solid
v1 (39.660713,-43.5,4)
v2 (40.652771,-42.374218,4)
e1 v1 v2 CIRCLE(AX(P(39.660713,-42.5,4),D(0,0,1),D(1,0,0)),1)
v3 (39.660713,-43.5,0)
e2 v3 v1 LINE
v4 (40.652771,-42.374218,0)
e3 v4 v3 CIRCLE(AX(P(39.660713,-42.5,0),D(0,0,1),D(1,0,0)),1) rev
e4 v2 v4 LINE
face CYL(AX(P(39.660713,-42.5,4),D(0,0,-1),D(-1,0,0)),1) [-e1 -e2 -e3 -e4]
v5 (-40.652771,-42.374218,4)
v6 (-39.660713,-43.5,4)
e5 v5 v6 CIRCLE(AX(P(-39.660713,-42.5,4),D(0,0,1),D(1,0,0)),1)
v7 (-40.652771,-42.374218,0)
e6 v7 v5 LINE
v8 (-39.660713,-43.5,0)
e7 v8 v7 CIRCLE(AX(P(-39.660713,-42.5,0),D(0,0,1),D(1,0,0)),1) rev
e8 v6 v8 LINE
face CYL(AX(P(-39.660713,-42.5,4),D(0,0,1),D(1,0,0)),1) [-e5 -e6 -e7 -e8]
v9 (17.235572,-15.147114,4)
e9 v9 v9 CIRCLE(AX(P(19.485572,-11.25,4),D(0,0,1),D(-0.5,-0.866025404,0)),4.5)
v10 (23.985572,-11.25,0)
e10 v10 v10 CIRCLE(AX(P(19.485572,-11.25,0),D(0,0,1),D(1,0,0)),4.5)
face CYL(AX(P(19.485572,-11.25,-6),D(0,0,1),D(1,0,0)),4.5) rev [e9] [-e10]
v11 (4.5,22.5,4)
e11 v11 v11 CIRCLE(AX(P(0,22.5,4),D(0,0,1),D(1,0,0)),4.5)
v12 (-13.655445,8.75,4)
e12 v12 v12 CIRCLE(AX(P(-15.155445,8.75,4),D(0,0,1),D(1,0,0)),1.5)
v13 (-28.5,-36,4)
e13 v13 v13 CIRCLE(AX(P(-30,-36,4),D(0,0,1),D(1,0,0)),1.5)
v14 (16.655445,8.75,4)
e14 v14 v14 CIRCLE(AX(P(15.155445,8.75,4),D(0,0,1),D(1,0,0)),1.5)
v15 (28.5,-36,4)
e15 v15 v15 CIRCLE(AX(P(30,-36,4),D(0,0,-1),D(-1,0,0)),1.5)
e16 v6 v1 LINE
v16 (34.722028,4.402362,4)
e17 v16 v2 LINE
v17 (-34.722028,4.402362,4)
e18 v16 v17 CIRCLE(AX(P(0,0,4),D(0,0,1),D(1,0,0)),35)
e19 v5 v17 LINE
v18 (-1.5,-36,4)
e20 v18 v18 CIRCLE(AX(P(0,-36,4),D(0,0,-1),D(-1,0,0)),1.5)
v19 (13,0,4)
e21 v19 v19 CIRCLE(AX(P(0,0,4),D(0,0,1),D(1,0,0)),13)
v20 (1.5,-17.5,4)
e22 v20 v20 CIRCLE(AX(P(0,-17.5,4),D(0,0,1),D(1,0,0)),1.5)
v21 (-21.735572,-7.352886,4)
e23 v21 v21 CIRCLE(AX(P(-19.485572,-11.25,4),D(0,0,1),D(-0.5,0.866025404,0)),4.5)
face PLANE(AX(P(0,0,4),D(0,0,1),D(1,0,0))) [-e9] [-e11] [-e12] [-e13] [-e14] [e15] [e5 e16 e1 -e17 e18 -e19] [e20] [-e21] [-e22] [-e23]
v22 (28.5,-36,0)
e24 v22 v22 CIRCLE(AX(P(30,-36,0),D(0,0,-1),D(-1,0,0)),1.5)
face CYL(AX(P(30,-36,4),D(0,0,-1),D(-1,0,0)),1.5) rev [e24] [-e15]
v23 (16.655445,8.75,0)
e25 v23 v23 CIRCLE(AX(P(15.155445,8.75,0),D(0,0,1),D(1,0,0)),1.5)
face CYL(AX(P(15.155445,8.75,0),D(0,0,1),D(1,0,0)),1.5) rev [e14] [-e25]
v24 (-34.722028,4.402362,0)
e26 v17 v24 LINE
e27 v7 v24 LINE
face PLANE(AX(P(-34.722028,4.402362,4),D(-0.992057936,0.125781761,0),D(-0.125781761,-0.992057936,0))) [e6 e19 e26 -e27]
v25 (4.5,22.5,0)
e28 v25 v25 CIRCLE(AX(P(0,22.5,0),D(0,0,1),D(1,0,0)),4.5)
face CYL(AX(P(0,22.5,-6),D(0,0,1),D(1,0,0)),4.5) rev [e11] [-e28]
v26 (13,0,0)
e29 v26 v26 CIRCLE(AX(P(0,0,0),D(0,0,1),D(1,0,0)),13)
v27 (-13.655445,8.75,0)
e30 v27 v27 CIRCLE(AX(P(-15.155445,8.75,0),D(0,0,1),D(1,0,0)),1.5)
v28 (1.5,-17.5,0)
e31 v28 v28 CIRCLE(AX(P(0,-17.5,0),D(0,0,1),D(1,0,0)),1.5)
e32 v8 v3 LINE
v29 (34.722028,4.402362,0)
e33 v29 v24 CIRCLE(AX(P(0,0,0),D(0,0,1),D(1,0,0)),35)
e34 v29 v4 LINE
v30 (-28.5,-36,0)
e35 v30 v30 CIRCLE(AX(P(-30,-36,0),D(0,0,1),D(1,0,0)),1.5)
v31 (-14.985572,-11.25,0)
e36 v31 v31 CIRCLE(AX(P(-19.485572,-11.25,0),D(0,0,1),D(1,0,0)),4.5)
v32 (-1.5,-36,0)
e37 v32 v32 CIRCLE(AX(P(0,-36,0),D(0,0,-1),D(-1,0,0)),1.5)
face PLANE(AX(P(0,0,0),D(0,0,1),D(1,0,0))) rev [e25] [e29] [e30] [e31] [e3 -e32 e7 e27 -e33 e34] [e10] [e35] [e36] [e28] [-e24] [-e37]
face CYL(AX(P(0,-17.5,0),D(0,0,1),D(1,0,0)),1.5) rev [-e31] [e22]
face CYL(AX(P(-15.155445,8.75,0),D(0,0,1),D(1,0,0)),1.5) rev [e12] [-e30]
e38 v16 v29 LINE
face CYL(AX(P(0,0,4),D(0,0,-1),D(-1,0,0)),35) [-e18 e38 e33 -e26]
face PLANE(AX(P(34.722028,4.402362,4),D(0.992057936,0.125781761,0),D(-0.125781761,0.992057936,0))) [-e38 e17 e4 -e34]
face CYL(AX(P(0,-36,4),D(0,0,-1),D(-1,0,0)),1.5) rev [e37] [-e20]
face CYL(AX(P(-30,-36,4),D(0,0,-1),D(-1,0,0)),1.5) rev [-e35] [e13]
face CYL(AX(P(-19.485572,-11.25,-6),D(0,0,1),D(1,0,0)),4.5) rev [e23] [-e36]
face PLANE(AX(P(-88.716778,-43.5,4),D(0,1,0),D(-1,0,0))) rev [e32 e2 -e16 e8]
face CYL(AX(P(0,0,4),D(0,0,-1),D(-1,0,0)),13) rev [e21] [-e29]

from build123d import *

# Parameters (mm, degrees)
SKETCH_1_R               = 13
EXTRUDE_1_DEPTH          = 4
SKETCH_2_W               = 84
SKETCH_2_H               = 62
EXTRUDE_2_DEPTH          = 4
SKETCH_3_R               = 4.5
CUT_EXTRUDE_1_DEPTH      = 10
SKETCH_4_R               = 1.5
CUT_EXTRUDE_2_DEPTH      = 123.494897853
SKETCH_8_W               = 18
SKETCH_8_H               = 44
EXTRUDE_4_DEPTH          = 4
SKETCH_9_W               = 64
SKETCH_9_H               = 22
CUT_EXTRUDE_6_DEPTH      = 130.772878522
SKETCH_10_R              = 1.5
CUT_EXTRUDE_7_DEPTH      = 130.772878522
SKETCH_11_R              = 1.5
CUT_EXTRUDE_8_DEPTH      = 130.772878522
SKETCH_12_R              = 1.5
CUT_EXTRUDE_9_DEPTH      = 130.772878522
FILLET_1_R               = 3
SKETCH_13_W              = 20
SKETCH_13_H              = 18
CUT_EXTRUDE_10_DEPTH     = 130.772878522
FILLET_2_R               = 3
PATTERN_CIRCULAR_1_COUNT = 3
SKETCH_15_W              = 125.49724571
SKETCH_15_H              = 54.116042209
CUT_EXTRUDE_11_DEPTH     = 130.772878522
FILLET_3_R               = 3
SKETCH_16_R              = 1.5
CUT_EXTRUDE_12_DEPTH     = 97.13012015
SKETCH_17_W              = 168.959633348
SKETCH_17_H              = 62.358711946
CUT_EXTRUDE_13_DEPTH     = 97.13012015
FILLET_4_R               = 1


with BuildPart() as part:
    # 草图1 → 凸台-拉伸1 (new body)
    with BuildSketch(Plane.XY):
        with BuildLine():
            ThreePointArc((34.722027765, 4.402361625), (0, 35), (-34.722027765, 4.402361625))
            Line((-34.722027765, 4.402361625), (-42, -53))
            Line((-42, -53), (42, -53))
            Line((42, -53), (34.722027765, 4.402361625))
        make_face()
        Circle(SKETCH_1_R, mode=Mode.SUBTRACT)
    extrude(amount=EXTRUDE_1_DEPTH)

    # 草图2 → 凸台-拉伸2 (add)
    with BuildSketch(Plane.XY.offset(4)):
        with Locations((0, -84)):
            Rectangle(SKETCH_2_W, SKETCH_2_H)
    extrude(amount=-EXTRUDE_2_DEPTH)

    # 草图3 → 切除-拉伸1 (cut)
    with BuildSketch(Plane.XY.offset(4)):
        with Locations((0, 22.5)):
            Circle(SKETCH_3_R)
    cut_extrude_1 = extrude(amount=-CUT_EXTRUDE_1_DEPTH, mode=Mode.SUBTRACT)

    # 草图4 → 切除-拉伸2 (cut, through all)
    with BuildSketch(Plane.XY.offset(4)):
        with Locations((15.155444566, 8.75)):
            Circle(SKETCH_4_R)
        with Locations((0, -17.5)):
            Circle(SKETCH_4_R)
        with Locations((-15.155444566, 8.75)):
            Circle(SKETCH_4_R)
    extrude(amount=-CUT_EXTRUDE_2_DEPTH, mode=Mode.SUBTRACT)

    # 草图8 → 凸台-拉伸4 (add)
    with BuildSketch(Plane.XY.offset(4)):
        with Locations((-51, -75)):
            Rectangle(SKETCH_8_W, SKETCH_8_H)
    extrude_4 = extrude(amount=-EXTRUDE_4_DEPTH)

    # 镜向3: 凸台-拉伸4 across plane
    add(extrude_4.mirror(Plane(origin=(0, 0, 0), x_dir=(0, 0, 1), z_dir=(1, 0, 0))))

    # 草图9 → 切除-拉伸6 (cut, through all)
    with BuildSketch(Plane(origin=(0, 0, 0), x_dir=(-1, 0, 0), z_dir=(0, 0, -1))):
        with Locations((0, -76)):
            Rectangle(SKETCH_9_W, SKETCH_9_H)
    extrude(amount=-CUT_EXTRUDE_6_DEPTH, mode=Mode.SUBTRACT)

    # 草图10 → 切除-拉伸7 (cut, through all)
    with BuildSketch(Plane(origin=(0, 0, 0), x_dir=(-1, 0, 0), z_dir=(0, 0, -1))):
        with Locations((0, -107.5)):
            Circle(SKETCH_10_R)
        with Locations((24, -107.5)):
            Circle(SKETCH_10_R)
    cut_extrude_7 = extrude(amount=-CUT_EXTRUDE_7_DEPTH, mode=Mode.SUBTRACT)

    # 镜向4: 切除-拉伸7 across plane
    add(cut_extrude_7.mirror(Plane(origin=(0, 0, 0), x_dir=(0, 0, 1), z_dir=(1, 0, 0))), mode=Mode.SUBTRACT)

    # 草图11 → 切除-拉伸8 (cut, through all)
    with BuildSketch(Plane(origin=(0, 0, 0), x_dir=(-1, 0, 0), z_dir=(0, 0, -1))):
        with Locations((-52.5, -67.5)):
            Circle(SKETCH_11_R)
        with Locations((-52.5, -90)):
            Circle(SKETCH_11_R)
    cut_extrude_8 = extrude(amount=-CUT_EXTRUDE_8_DEPTH, mode=Mode.SUBTRACT)

    # 镜向5: 切除-拉伸8 across plane
    add(cut_extrude_8.mirror(Plane(origin=(0, 0, 0), x_dir=(0, 0, 1), z_dir=(1, 0, 0))), mode=Mode.SUBTRACT)

    # 草图12 → 切除-拉伸9 (cut, through all)
    with BuildSketch(Plane(origin=(0, 0, 0), x_dir=(-1, 0, 0), z_dir=(0, 0, -1))):
        with Locations((-30, -36)):
            Circle(SKETCH_12_R)
    cut_extrude_9 = extrude(amount=-CUT_EXTRUDE_9_DEPTH, mode=Mode.SUBTRACT)

    # 镜向6: 切除-拉伸9 across plane
    add(cut_extrude_9.mirror(Plane(origin=(0, 0, 0), x_dir=(0, 0, 1), z_dir=(1, 0, 0))), mode=Mode.SUBTRACT)

    # 圆角1
    fillet_1_edges = [part.edges().sort_by_distance(p)[0] for p in [
        (42, -53, 2),
        (-42, -53, 2),
        (-42, -97, 2),
        (42, -97, 2),
        (-32, -65, 2),
        (-32, -87, 2),
        (32, -87, 2),
        (32, -65, 2),
    ]]
    fillet(fillet_1_edges, radius=FILLET_1_R)

    # 草图13 → 切除-拉伸10 (cut, through all)
    with BuildSketch(Plane(origin=(0, 0, 0), x_dir=(-1, 0, 0), z_dir=(0, 0, -1))):
        with Locations((50, -106)):
            Rectangle(SKETCH_13_W, SKETCH_13_H)
    cut_extrude_10 = extrude(amount=-CUT_EXTRUDE_10_DEPTH, mode=Mode.SUBTRACT)

    # 镜向7: 切除-拉伸10 across plane
    add(cut_extrude_10.mirror(Plane(origin=(0, 0, 0), x_dir=(0, 0, 1), z_dir=(1, 0, 0))), mode=Mode.SUBTRACT)

    # 圆角2
    fillet_2_edges = [part.edges().sort_by_distance(p)[0] for p in [
        (-40, -97, 2),
        (40, -97, 2),
    ]]
    fillet(fillet_2_edges, radius=FILLET_2_R)

    # 阵列(圆周)1: 切除-拉伸1 ×3 about axis
    pattern_circular_1_axis = Axis((0, 0, 0), (0, 0, 1))
    for i in range(1, PATTERN_CIRCULAR_1_COUNT):
        add(cut_extrude_1.rotate(pattern_circular_1_axis, i * 360 / PATTERN_CIRCULAR_1_COUNT), mode=Mode.SUBTRACT)

    # 草图15 → 切除-拉伸11 (cut, through all)
    with BuildSketch(Plane.XY.offset(4)):
        with Locations((2.748622855, -102.058021104)):
            Rectangle(SKETCH_15_W, SKETCH_15_H)
    extrude(amount=-CUT_EXTRUDE_11_DEPTH, mode=Mode.SUBTRACT)

    # 圆角3
    fillet_3_edges = [part.edges().sort_by_distance(p)[0] for p in [
        (32, -75, 2),
        (-32, -75, 2),
    ]]
    fillet(fillet_3_edges, radius=FILLET_3_R)

    # 草图16 → 切除-拉伸12 (cut, through all)
    with BuildSketch(Plane(origin=(0, 0, 0), x_dir=(-1, 0, 0), z_dir=(0, 0, -1))):
        with Locations((0, -36)):
            Circle(SKETCH_16_R)
    extrude(amount=-CUT_EXTRUDE_12_DEPTH, mode=Mode.SUBTRACT)

    # 草图17 → 切除-拉伸13 (cut, through all)
    with BuildSketch(Plane(origin=(0, 0, 0), x_dir=(-1, 0, 0), z_dir=(0, 0, -1))):
        with Locations((4.236961123, -74.679355973)):
            Rectangle(SKETCH_17_W, SKETCH_17_H)
    extrude(amount=-CUT_EXTRUDE_13_DEPTH, mode=Mode.SUBTRACT)

    # 圆角4
    fillet_4_edges = [part.edges().sort_by_distance(p)[0] for p in [
        (40.795507114, -43.5, 2),
        (-40.795507114, -43.5, 2),
    ]]
    fillet(fillet_4_edges, radius=FILLET_4_R)


solid = part.part
